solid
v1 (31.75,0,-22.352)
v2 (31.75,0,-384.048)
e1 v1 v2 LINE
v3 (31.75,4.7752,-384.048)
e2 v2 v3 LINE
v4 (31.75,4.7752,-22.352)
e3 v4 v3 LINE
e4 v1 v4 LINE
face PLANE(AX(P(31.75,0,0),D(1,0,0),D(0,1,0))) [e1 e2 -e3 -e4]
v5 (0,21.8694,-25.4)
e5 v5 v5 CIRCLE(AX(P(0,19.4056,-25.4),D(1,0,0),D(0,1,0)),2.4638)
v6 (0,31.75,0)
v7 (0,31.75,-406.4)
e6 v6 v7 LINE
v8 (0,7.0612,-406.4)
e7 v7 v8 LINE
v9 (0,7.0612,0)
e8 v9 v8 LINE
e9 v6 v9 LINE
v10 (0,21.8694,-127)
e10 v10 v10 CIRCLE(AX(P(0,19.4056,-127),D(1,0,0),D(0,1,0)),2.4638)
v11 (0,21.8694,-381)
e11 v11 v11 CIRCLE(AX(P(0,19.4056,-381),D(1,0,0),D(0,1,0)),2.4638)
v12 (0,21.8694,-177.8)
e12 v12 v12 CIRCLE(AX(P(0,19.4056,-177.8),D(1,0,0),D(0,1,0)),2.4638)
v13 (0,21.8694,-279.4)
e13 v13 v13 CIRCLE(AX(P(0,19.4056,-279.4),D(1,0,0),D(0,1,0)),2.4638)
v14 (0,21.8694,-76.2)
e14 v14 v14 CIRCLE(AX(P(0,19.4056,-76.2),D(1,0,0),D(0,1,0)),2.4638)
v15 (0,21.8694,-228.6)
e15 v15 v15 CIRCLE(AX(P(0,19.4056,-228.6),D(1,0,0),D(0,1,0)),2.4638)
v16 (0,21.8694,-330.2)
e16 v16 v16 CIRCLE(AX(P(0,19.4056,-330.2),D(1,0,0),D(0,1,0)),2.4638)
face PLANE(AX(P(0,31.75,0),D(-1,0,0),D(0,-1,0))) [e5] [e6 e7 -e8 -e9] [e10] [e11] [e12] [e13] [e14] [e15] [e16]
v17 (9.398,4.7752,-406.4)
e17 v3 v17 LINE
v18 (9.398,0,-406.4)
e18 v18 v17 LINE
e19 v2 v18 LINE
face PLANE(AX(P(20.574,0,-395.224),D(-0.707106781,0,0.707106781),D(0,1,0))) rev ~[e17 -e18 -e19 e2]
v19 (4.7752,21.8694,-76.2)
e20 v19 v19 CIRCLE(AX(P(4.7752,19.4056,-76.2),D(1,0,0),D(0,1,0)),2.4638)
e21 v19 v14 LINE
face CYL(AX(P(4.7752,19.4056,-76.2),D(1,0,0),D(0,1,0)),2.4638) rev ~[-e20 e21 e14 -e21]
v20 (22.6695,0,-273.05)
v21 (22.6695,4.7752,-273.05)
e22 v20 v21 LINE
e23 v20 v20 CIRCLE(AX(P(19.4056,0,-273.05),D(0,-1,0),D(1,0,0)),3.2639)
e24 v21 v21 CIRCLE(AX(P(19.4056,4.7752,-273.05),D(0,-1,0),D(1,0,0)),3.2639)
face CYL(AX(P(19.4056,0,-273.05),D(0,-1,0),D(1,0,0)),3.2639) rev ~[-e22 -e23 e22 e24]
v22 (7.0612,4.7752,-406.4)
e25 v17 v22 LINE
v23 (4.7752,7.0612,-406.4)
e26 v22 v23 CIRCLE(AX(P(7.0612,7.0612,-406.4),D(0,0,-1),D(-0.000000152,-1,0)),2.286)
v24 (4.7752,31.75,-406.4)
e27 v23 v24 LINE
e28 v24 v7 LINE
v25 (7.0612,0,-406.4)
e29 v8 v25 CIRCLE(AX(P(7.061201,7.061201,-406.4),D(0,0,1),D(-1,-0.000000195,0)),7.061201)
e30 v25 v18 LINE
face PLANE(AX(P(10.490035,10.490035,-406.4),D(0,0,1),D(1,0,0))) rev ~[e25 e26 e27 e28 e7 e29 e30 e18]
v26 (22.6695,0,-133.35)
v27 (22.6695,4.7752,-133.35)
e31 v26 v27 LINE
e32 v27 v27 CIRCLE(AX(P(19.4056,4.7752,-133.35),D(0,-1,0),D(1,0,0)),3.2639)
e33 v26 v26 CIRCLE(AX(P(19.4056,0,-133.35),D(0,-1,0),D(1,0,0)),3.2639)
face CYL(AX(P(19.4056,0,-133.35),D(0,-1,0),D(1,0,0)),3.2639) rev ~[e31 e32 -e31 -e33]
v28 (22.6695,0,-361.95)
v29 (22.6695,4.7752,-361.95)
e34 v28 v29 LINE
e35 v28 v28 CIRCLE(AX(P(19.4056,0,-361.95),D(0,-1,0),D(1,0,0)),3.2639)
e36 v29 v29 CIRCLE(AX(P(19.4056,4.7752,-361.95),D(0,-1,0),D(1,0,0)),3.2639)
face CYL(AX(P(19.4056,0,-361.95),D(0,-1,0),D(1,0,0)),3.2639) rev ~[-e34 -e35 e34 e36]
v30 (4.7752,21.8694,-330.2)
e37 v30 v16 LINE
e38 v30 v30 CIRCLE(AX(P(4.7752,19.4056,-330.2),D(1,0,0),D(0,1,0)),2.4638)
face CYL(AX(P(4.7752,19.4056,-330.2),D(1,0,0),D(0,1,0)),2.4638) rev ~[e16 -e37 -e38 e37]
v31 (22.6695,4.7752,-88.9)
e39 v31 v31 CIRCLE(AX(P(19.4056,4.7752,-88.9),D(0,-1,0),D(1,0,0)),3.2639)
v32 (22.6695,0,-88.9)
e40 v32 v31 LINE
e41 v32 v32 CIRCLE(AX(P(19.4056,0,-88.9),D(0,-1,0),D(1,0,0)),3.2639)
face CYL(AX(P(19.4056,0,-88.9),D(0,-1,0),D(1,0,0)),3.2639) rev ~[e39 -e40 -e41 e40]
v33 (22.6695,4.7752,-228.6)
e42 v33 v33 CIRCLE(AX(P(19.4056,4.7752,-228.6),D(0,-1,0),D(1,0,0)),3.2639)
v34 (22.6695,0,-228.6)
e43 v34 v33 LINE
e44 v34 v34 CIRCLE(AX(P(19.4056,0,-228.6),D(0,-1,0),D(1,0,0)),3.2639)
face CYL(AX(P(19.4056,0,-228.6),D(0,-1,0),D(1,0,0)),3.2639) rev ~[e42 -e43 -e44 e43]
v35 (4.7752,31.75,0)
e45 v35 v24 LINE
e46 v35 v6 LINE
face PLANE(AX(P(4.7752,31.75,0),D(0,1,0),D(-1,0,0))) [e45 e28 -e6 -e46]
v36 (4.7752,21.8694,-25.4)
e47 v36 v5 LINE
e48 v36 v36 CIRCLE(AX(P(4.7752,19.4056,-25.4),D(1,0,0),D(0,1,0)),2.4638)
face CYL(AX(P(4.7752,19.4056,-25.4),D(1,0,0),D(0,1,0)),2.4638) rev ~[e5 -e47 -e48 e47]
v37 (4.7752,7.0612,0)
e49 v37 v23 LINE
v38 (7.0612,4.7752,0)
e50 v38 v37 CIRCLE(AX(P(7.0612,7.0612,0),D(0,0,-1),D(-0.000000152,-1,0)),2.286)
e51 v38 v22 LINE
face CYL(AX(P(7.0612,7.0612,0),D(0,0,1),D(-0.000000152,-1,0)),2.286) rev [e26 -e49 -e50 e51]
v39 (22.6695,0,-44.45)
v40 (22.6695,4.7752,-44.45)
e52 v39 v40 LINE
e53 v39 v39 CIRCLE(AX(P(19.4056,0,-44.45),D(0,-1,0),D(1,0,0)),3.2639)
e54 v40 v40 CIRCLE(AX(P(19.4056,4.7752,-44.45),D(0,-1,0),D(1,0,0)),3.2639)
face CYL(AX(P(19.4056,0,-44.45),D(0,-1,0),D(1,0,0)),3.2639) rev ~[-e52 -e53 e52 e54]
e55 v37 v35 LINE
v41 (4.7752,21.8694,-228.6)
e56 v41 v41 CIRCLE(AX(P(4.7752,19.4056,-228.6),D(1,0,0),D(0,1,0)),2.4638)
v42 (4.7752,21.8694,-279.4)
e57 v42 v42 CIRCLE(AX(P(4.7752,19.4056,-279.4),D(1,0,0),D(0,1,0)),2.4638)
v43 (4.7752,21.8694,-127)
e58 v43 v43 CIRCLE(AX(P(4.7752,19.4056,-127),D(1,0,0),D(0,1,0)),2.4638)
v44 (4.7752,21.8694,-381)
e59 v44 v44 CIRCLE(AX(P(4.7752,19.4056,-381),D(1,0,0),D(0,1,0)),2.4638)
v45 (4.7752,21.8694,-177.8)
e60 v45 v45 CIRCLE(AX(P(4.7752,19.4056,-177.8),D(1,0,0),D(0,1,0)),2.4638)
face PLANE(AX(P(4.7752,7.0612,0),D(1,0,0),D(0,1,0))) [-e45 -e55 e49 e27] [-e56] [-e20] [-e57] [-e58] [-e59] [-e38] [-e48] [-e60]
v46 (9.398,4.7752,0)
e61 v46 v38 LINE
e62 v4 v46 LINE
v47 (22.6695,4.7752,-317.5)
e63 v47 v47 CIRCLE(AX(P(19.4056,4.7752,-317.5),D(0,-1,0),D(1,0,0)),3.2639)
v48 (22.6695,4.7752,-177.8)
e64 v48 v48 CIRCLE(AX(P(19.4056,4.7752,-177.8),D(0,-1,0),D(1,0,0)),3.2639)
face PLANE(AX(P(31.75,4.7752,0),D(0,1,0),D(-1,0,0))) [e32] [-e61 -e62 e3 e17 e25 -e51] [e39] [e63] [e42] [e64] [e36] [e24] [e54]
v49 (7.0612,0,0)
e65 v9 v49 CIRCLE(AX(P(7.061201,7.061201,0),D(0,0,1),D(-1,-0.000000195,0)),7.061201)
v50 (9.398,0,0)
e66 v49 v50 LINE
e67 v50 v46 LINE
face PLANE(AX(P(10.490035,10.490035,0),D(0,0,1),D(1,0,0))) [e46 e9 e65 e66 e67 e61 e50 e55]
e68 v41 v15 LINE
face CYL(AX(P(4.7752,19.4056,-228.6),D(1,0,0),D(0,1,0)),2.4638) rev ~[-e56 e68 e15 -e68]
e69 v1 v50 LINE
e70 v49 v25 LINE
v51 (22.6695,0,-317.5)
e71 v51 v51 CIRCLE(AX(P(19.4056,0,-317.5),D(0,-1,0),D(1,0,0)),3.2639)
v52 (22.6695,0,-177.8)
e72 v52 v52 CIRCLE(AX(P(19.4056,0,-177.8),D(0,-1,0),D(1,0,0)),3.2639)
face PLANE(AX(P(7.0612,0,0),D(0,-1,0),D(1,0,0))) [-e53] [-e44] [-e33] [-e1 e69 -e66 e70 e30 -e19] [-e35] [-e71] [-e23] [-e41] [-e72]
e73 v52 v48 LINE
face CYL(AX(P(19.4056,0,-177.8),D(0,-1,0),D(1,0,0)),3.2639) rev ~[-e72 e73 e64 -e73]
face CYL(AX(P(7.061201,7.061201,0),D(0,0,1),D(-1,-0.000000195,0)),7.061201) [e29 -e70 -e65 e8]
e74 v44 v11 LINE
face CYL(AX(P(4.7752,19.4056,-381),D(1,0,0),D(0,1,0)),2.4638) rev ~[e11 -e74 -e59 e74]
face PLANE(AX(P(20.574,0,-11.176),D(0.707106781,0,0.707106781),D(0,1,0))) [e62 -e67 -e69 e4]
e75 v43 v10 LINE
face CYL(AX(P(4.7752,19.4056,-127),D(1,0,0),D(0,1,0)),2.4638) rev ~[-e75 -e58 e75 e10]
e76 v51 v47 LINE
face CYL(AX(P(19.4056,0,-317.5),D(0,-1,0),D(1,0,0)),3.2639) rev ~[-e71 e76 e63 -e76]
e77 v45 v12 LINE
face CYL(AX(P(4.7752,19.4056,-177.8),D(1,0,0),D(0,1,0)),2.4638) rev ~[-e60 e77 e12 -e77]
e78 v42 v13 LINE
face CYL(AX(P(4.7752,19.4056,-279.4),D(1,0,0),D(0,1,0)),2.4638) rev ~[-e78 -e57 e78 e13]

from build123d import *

# Parameters (mm, degrees)
F1_DEPTH = 406.4
F2_SIZE  = 22.352
F3_R     = 2.4638
F4_DEPTH = 25.4
F5_R     = 3.2639
F6_DEPTH = 25.4


with BuildPart() as f1:
    # F0 (on Top) → F1 (new body)
    with BuildSketch(Plane.XY):
        with BuildLine():
            ThreePointArc((0, 7.0612), (2.068178, 2.068178), (7.0612, 0))
            Line((7.0612, 0), (31.75, 0))
            Line((31.75, 0), (31.75, 4.7752))
            Line((31.75, 4.7752), (7.0612, 4.7752))
            ThreePointArc((7.0612, 4.7752), (5.444754, 5.444754), (4.7752, 7.0612))
            Line((4.7752, 7.0612), (4.7752, 31.75))
            Line((4.7752, 31.75), (0, 31.75))
            Line((0, 31.75), (0, 7.0612))
        make_face()
    extrude(amount=-F1_DEPTH)

    # F2
    f2_edges = [f1.edges().sort_by_distance(p)[0] for p in [
        (31.75, 2.3876, 0),
        (31.75, 2.3876, -406.4),
    ]]
    chamfer(f2_edges, length=F2_SIZE)

    # F3 (on face) → F4 (cut)
    with BuildSketch(Plane.YZ.offset(4.7752)):
        with Locations((19.4056, -330.2)):
            Circle(F3_R)
        with Locations((19.4056, -76.2)):
            Circle(F3_R)
        with Locations((19.4056, -25.4)):
            Circle(F3_R)
        with Locations((19.4056, -381)):
            Circle(F3_R)
        with Locations((19.4056, -279.4)):
            Circle(F3_R)
        with Locations((19.4056, -228.6)):
            Circle(F3_R)
        with Locations((19.4056, -177.8)):
            Circle(F3_R)
        with Locations((19.4056, -127)):
            Circle(F3_R)
    extrude(amount=-F4_DEPTH, mode=Mode.SUBTRACT)

    # F5 (on face) → F6 (cut)
    with BuildSketch(Plane.XZ):
        with Locations((19.4056, -177.8)):
            Circle(F5_R)
        with Locations((19.4056, -133.35)):
            Circle(F5_R)
        with Locations((19.4056, -88.9)):
            Circle(F5_R)
        with Locations((19.4056, -44.45)):
            Circle(F5_R)
        with Locations((19.4056, -361.95)):
            Circle(F5_R)
        with Locations((19.4056, -317.5)):
            Circle(F5_R)
        with Locations((19.4056, -273.05)):
            Circle(F5_R)
        with Locations((19.4056, -228.6)):
            Circle(F5_R)
    extrude(amount=-F6_DEPTH, mode=Mode.SUBTRACT)


solid = f1.part
